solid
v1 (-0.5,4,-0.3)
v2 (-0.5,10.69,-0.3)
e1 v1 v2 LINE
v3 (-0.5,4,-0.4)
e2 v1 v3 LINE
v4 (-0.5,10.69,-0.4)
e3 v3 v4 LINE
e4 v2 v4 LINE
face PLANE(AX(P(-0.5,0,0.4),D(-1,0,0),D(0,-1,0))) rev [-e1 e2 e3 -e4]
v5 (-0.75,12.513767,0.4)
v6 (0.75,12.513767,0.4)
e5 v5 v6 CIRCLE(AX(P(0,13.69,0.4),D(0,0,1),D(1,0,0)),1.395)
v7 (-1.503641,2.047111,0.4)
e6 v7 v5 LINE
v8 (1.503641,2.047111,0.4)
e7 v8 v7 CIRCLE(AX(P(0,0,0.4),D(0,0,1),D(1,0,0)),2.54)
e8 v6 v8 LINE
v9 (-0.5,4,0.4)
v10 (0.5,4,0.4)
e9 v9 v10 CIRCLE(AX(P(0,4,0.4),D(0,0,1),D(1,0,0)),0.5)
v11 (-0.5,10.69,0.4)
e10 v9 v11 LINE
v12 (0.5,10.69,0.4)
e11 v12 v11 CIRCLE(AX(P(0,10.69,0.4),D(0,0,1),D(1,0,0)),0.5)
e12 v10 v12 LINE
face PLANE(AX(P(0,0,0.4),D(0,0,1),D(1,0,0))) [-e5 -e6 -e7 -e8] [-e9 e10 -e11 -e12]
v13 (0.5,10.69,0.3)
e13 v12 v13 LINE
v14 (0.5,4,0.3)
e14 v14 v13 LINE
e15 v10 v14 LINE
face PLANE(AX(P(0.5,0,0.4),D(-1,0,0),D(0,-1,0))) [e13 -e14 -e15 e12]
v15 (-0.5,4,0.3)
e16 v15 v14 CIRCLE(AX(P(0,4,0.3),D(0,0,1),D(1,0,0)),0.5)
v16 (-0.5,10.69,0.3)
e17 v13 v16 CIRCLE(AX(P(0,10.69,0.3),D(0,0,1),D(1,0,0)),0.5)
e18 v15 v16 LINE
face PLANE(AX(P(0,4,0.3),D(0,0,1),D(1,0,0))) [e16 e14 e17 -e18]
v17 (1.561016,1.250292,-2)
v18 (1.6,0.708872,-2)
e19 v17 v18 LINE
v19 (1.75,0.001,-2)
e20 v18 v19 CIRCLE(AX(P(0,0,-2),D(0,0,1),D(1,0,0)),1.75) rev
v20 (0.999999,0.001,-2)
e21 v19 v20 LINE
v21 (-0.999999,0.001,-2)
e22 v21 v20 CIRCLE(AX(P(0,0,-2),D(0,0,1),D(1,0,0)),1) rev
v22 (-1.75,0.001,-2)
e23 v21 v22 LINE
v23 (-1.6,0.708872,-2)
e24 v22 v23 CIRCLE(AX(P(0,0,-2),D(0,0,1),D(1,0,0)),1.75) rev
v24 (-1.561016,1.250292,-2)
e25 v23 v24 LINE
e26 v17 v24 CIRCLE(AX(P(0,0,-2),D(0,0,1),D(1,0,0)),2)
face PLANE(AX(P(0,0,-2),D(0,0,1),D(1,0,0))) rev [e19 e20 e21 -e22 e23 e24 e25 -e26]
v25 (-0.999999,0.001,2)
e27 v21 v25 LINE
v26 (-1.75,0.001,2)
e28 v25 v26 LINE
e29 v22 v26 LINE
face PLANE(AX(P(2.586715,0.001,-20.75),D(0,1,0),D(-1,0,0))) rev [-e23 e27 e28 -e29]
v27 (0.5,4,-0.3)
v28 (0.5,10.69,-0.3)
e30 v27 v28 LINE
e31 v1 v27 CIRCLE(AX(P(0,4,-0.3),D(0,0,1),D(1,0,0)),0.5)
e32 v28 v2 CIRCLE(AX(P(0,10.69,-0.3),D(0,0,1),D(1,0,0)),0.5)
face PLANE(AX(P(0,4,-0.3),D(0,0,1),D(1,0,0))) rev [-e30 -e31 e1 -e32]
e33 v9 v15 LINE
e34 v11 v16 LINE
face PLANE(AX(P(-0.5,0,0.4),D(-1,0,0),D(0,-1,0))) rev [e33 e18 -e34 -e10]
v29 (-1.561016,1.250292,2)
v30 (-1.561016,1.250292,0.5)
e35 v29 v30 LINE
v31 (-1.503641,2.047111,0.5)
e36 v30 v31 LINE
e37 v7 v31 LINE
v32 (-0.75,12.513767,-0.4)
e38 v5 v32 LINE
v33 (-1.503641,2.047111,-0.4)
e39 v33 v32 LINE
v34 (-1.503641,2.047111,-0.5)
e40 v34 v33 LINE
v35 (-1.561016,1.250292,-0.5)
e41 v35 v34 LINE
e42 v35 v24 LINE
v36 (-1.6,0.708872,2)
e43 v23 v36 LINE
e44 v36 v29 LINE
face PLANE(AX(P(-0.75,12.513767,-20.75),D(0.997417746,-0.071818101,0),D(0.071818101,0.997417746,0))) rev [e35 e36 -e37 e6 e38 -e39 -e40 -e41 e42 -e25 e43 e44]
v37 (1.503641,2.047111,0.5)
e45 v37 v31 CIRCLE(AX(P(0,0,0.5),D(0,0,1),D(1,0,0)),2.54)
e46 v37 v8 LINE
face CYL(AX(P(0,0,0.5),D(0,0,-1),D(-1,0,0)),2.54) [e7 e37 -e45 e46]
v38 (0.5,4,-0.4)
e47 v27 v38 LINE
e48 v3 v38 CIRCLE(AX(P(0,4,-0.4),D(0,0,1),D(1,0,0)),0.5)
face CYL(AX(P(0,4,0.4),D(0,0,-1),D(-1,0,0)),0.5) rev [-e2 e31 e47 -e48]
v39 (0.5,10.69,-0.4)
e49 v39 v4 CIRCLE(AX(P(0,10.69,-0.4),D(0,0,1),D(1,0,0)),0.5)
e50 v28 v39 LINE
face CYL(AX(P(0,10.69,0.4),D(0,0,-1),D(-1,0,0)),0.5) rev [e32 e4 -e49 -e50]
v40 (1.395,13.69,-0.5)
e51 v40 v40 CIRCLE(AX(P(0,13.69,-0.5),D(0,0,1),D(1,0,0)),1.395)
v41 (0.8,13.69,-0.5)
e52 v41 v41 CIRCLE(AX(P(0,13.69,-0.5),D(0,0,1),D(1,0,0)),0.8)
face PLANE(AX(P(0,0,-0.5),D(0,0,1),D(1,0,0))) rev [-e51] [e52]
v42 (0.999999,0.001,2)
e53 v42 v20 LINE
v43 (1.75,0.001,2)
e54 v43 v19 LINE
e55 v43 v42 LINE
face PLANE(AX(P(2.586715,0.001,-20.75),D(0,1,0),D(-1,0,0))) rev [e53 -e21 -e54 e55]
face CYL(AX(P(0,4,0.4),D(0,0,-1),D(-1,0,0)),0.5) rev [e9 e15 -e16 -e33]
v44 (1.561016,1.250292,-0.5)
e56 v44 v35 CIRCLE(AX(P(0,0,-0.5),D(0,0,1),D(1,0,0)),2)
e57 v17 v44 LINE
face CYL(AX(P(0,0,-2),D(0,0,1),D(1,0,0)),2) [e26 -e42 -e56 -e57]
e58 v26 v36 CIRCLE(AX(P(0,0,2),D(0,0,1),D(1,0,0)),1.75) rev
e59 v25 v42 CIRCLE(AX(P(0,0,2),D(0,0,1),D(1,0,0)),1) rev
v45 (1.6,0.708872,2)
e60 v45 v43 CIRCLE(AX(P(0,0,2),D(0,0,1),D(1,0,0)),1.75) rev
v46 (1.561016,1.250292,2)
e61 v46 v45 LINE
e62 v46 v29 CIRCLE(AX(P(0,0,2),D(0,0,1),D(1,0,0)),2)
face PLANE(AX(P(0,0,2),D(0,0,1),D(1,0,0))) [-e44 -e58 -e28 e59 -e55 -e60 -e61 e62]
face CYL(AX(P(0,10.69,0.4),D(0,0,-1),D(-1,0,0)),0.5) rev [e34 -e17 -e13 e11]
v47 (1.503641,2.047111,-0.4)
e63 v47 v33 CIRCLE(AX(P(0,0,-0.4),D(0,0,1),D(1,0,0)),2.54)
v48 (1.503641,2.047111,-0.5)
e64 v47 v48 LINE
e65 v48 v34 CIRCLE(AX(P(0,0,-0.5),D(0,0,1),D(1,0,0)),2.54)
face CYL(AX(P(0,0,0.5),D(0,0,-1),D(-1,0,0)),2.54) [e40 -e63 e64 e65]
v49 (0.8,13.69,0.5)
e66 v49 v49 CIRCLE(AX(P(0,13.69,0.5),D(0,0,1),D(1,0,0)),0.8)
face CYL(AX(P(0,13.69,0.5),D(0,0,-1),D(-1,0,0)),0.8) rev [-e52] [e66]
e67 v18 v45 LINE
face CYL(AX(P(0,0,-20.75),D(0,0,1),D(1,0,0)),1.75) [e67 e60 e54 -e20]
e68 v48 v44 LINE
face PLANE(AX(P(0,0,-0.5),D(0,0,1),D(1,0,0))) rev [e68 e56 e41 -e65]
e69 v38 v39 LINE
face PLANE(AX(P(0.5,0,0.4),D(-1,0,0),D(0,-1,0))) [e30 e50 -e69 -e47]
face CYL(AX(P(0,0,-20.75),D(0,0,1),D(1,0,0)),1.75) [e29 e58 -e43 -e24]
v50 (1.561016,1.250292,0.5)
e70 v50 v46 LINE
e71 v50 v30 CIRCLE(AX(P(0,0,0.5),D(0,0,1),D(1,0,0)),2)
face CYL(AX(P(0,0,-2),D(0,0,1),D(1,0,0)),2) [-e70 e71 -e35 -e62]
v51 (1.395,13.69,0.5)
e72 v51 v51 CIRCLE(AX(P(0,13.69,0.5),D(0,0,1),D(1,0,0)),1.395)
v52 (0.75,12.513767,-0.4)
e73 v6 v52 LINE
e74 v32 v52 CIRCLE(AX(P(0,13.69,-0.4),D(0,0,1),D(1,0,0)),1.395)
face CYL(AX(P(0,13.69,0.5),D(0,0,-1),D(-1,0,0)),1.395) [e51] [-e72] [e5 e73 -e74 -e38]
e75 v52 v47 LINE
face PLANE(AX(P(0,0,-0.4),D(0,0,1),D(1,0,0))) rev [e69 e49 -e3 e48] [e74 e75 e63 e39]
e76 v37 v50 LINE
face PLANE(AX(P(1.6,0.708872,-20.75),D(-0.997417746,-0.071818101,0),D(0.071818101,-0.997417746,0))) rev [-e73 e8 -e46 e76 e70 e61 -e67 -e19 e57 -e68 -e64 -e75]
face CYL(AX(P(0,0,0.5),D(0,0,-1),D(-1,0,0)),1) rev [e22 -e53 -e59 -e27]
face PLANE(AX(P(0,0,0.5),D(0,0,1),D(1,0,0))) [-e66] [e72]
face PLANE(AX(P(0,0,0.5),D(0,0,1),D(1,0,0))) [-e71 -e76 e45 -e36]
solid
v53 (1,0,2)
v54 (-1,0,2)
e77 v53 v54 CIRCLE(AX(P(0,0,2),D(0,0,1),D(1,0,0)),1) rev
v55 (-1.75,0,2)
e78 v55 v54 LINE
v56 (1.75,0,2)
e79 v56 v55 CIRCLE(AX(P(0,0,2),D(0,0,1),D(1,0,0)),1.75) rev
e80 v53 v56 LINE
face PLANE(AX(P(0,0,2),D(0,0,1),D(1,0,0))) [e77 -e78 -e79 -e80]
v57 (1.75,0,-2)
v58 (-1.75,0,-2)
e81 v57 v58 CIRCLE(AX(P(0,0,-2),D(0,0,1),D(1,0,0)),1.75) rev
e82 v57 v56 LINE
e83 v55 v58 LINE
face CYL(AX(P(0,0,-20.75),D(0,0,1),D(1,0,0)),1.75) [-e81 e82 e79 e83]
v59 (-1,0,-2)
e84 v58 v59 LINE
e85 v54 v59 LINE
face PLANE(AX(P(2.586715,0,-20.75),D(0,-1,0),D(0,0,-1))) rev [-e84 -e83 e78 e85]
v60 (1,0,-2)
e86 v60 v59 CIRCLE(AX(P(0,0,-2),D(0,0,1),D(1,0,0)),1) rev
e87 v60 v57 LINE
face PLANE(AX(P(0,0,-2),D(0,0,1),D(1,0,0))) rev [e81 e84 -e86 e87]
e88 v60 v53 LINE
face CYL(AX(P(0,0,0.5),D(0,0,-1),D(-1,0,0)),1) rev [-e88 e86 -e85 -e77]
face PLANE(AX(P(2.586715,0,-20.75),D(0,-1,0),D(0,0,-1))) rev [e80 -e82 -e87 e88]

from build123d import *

# Parameters (mm, degrees)
SKETCH1_R                = 2.54
SKETCH1_R_2              = 1
BOSS_EXTRUDE1_DEPTH      = 0.5
SKETCH1_R_3              = 1.395
SKETCH1_R_4              = 0.8
BOSS_EXTRUDE1_2_DEPTH    = 0.5
BOSS_EXTRUDE2_DEPTH      = 0.4
BOSS_EXTRUDE3_DEPTH      = 0.3
BOSS_EXTRUDE4_DEPTH      = 1.5
BOSS_EXTRUDE4_DEPTH_BACK = 2.5
SKETCH2_R                = 2
SKETCH2_R_2              = 1
CUT_EXTRUDE1_DEPTH       = 20.75
CUT_EXTRUDE2_DEPTH       = 20.75


with BuildPart() as part:
    # Sketch1 → Boss-Extrude1 (new, symmetric)
    with BuildSketch(Plane.XY):
        Circle(SKETCH1_R)
        Circle(SKETCH1_R_2, mode=Mode.SUBTRACT)
    extrude(amount=BOSS_EXTRUDE1_DEPTH, both=True)



with BuildPart() as body_2:
    # Sketch1 → Boss-Extrude1 2 (new, symmetric)
    with BuildSketch(Plane.XY):
        with Locations((0, 13.69)):
            Circle(SKETCH1_R_3)
        with Locations((0, 13.69)):
            Circle(SKETCH1_R_4, mode=Mode.SUBTRACT)
    extrude(amount=BOSS_EXTRUDE1_2_DEPTH, both=True)


with BuildPart() as part_1:
    add(part.part)

    add(body_2.part)  # Boss-Extrude2 merges body 2
    # Sketch1<3> → Boss-Extrude2 (add, symmetric)
    with BuildSketch(Plane.XY):
        with BuildLine():
            Line((-0.75, 12.513766605), (-1.65, 1.931087776))
            ThreePointArc((-1.65, 1.931087776), (0, 2.54), (1.65, 1.931087776))
            Line((1.65, 1.931087776), (0.75, 12.513766605))
            ThreePointArc((0.75, 12.513766605), (0, 12.295), (-0.75, 12.513766605))
        make_face()
        with BuildLine():
            ThreePointArc((0.5, 4), (0, 3.5), (-0.5, 4))
            Line((-0.5, 4), (-0.5, 10.69))
            ThreePointArc((-0.5, 10.69), (0, 11.19), (0.5, 10.69))
            Line((0.5, 10.69), (0.5, 4))
        make_face(mode=Mode.SUBTRACT)
    extrude(amount=BOSS_EXTRUDE2_DEPTH, both=True)

    # Sketch1<4> → Boss-Extrude3 (add, symmetric)
    with BuildSketch(Plane.XY):
        with BuildLine():
            Line((-0.5, 4), (-0.5, 10.69))
            ThreePointArc((-0.5, 10.69), (0, 11.19), (0.5, 10.69))
            Line((0.5, 10.69), (0.5, 4))
            ThreePointArc((0.5, 4), (0, 3.5), (-0.5, 4))
        make_face()
    extrude(amount=BOSS_EXTRUDE3_DEPTH, both=True)

    # Sketch2 → Boss-Extrude4 (add, two sides: drawn at the far end of the back side and taken through both)
    with BuildSketch(Plane.XY.offset(0.5).offset(-BOSS_EXTRUDE4_DEPTH_BACK)):
        Circle(SKETCH2_R)
        Circle(SKETCH2_R_2, mode=Mode.SUBTRACT)
    extrude(amount=BOSS_EXTRUDE4_DEPTH + BOSS_EXTRUDE4_DEPTH_BACK)

    # Sketch3 → Cut-Extrude1 (cut, symmetric)
    with BuildSketch(Plane.XY):
        with BuildLine():
            Line((-0.75, 12.513766605), (-2.89360139, 1.969027932))
            ThreePointArc((-2.89360139, 1.969027932), (0, -3.5), (2.89360139, 1.969027932))
            Line((2.89360139, 1.969027932), (0.75, 12.513766605))
            Line((0.75, 12.513766605), (1.6, 0.708872344))
            ThreePointArc((1.6, 0.708872344), (0, -1.75), (-1.6, 0.708872344))
            Line((-1.6, 0.708872344), (-0.75, 12.513766605))
        make_face()
    extrude(amount=CUT_EXTRUDE1_DEPTH, both=True, mode=Mode.SUBTRACT)

    # Sketch4 → Cut-Extrude2 (cut, symmetric)
    with BuildSketch(Plane.XY):
        Polygon((2.586715497, 0), (-2.840346432, 0), (2.586715497, 0.001), align=None)
    extrude(amount=CUT_EXTRUDE2_DEPTH, both=True, mode=Mode.SUBTRACT)


with BuildPart() as cut_extrude2_piece_1:
    # of the separate pieces the step leaves, piece 1, a body of its own (cut_extrude2_pieces)
    add(part_1.part.solids().sort_by_distance((1.395, 13.69, -0.5))[0])


with BuildPart() as cut_extrude2_piece_2:
    # of the separate pieces the step leaves, piece 2, a body of its own (cut_extrude2_pieces)
    add(part_1.part.solids().sort_by_distance((-1.75, 0, -2))[0])


solid = Compound([cut_extrude2_piece_1.part, cut_extrude2_piece_2.part])
